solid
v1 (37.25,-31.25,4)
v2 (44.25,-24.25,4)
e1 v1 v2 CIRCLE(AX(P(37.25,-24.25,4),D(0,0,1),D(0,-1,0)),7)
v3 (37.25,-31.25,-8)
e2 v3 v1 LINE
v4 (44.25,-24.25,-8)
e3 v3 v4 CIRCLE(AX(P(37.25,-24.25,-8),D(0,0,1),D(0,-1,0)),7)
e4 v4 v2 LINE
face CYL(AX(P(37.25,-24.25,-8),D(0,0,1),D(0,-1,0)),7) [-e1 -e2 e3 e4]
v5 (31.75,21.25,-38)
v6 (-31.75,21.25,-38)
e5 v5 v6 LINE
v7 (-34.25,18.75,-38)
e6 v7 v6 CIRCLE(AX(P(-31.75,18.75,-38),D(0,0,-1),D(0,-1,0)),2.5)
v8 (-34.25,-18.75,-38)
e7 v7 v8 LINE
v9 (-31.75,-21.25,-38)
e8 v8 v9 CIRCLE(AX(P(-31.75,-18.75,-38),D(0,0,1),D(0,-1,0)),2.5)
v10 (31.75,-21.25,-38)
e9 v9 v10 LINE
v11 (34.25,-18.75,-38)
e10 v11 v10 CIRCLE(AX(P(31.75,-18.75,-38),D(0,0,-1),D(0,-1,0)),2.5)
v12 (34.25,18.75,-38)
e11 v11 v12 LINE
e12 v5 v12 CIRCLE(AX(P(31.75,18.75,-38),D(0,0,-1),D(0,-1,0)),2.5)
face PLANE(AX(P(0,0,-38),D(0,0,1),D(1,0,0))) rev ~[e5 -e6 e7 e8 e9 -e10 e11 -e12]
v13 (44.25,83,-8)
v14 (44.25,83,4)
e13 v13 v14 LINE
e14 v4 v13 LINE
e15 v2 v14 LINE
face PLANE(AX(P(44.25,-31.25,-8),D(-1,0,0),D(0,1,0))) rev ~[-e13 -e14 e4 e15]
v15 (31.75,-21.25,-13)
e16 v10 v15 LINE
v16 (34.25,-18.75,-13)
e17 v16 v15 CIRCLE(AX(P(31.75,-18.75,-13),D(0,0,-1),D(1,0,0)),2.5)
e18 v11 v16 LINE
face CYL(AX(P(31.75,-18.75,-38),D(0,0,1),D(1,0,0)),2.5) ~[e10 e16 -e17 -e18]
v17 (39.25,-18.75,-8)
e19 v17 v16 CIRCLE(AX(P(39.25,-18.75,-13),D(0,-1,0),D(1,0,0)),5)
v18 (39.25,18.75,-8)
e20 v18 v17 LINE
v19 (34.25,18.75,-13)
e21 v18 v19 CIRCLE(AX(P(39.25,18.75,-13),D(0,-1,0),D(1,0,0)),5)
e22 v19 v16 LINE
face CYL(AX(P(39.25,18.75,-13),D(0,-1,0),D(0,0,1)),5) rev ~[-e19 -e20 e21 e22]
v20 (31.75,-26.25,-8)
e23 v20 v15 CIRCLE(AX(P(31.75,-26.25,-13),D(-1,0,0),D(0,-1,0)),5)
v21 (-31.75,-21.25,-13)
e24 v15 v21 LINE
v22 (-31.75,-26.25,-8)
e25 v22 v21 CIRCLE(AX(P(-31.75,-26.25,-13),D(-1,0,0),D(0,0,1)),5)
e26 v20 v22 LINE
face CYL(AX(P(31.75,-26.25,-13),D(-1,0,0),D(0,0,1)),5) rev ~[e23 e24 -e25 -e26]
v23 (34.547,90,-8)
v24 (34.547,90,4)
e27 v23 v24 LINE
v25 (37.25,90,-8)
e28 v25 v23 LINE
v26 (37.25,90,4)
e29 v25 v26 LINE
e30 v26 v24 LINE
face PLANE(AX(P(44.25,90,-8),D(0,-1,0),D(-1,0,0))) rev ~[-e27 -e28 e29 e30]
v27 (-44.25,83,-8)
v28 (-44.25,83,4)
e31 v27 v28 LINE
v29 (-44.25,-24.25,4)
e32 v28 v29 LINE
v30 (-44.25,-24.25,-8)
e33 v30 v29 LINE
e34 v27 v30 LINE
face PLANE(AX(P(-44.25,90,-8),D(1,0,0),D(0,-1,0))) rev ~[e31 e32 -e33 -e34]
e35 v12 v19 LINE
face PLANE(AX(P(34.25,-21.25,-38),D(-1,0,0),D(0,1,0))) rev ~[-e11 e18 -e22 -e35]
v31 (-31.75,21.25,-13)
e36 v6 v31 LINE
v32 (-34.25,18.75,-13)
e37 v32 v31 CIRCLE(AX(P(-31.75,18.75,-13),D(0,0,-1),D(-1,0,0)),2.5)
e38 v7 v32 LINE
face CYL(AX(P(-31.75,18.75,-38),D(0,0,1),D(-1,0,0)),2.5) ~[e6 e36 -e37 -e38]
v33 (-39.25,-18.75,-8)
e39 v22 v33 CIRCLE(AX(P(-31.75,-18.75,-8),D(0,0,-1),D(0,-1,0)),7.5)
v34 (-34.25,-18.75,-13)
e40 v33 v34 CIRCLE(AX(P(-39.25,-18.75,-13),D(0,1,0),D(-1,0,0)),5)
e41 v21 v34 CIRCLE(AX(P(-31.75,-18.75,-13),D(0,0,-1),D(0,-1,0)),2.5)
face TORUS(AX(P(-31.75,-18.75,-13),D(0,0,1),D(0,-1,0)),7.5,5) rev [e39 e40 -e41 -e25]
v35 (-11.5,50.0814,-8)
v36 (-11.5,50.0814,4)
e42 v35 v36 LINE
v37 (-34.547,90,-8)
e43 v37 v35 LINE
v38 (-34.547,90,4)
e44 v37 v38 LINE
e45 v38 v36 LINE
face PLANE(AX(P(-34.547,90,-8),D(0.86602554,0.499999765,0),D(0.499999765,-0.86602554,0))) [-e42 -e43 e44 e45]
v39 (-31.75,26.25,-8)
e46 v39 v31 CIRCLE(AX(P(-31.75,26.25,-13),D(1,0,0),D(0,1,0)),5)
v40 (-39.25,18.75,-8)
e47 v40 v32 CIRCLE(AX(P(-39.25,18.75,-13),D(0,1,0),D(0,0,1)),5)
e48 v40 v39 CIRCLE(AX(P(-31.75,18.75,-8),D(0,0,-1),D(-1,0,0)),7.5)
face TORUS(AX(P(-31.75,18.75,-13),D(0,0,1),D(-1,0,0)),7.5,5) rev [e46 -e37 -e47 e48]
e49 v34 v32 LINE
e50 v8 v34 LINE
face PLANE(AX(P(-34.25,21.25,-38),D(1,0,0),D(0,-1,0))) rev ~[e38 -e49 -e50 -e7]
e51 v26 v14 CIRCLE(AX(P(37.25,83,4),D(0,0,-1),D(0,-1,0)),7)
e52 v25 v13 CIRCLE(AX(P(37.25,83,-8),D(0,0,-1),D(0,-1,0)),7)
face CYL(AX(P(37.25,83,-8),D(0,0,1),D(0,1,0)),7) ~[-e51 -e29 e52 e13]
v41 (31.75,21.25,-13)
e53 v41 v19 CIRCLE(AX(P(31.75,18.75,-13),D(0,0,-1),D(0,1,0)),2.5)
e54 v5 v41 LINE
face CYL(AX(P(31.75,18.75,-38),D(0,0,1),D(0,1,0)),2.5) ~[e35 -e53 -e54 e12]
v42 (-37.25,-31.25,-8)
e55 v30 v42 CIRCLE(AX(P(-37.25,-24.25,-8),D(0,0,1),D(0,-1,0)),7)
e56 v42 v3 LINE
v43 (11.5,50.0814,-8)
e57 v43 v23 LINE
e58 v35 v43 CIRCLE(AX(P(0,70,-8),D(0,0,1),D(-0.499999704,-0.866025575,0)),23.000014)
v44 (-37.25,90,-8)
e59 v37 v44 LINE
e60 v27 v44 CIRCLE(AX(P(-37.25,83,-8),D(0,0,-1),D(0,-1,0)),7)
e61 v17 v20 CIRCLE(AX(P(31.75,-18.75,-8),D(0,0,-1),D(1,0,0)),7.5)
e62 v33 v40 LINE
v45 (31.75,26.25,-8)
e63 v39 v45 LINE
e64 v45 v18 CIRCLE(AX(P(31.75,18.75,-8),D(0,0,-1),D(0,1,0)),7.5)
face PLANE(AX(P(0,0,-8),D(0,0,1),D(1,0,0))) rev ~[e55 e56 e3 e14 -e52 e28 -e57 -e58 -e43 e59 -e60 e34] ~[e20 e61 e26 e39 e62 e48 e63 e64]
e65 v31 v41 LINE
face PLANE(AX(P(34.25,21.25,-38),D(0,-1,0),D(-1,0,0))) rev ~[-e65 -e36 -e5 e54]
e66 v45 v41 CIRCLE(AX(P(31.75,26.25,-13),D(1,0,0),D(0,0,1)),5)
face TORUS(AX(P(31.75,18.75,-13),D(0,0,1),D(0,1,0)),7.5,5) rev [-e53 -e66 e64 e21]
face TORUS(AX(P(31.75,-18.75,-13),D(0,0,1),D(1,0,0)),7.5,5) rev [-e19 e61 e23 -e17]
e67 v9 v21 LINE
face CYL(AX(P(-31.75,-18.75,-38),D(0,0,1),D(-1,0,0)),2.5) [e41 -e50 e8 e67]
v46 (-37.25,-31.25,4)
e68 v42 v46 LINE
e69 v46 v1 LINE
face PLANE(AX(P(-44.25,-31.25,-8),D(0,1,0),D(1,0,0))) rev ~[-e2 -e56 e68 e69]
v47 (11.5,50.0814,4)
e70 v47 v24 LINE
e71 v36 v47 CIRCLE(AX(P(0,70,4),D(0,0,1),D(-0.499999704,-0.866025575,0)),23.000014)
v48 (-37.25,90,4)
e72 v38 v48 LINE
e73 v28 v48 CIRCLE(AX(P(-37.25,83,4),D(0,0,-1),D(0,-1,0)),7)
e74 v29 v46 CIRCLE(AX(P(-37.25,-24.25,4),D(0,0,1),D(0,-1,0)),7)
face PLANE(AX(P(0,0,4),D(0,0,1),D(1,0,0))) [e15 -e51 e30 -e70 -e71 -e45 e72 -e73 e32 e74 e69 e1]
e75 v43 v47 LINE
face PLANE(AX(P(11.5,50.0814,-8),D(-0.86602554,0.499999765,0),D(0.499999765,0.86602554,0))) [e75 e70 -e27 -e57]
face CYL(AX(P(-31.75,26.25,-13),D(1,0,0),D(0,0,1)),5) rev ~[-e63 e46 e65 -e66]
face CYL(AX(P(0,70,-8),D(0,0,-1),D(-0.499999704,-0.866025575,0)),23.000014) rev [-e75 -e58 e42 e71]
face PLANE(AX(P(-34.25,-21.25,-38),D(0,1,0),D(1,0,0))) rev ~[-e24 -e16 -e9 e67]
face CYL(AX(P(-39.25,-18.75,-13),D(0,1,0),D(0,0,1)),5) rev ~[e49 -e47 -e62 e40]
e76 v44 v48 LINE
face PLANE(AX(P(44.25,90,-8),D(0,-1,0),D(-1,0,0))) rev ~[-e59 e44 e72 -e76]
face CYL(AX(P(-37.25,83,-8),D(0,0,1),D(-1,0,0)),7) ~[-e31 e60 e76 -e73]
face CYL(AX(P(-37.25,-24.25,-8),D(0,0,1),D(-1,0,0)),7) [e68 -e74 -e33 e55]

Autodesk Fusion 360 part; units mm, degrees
ref_plane "WorkPlane3" through (0, 0, -38) normal (0, 0, 1) x (1, 0, 0)
sketch "Sketch6" plane through (0, 0, -38) normal (0, 0, 1) x (1, 0, 0)
  line L0 (-34.25, -21.25) -> (34.25, -21.25)
  line L1 (34.25, -21.25) -> (34.25, 21.25)
  line L2 (34.25, 21.25) -> (-34.25, 21.25)
  line L3 (-34.25, 21.25) -> (-34.25, -21.25)
extrude "Extrude6" add sketch "Sketch6" along normal blind 30
fillet "Fillet7" radius 2.5 4 edges at (-34.25, 21.25, -23) (34.25, 21.25, -23) (34.25, -21.25, -23) (-34.25, -21.25, -23)
ref_plane "WorkPlane4" through (0, 0, -8) normal (0, 0, 1) x (1, 0, 0)
sketch "Sketch7" plane through (0, 0, -8) normal (0, 0, 1) x (1, 0, 0)
  line L0 (-44.25, -31.25) -> (44.25, -31.25)
  line L1 (44.25, -31.25) -> (44.25, 90)
  line L2 (44.25, 90) -> (-44.25, 90)
  line L3 (-44.25, 90) -> (-44.25, -31.25)
extrude "Extrude7" add sketch "Sketch7" along normal blind 12
fillet "Fillet8" radius 7 4 edges at (-44.25, 90, -2) (44.25, 90, -2) (44.25, -31.25, -2) (-44.25, -31.25, -2)
sketch "Sketch8" plane through (0, 0, -8) normal (0, 0, 1) x (1, 0, 0)
  line L0 (-34.547, 90) -> (-11.5, 50.0814)
  arc A0 (-11.5, 50.0814) -> (11.5, 50.0814) centre (0, 70) ccw
  line L1 (11.5, 50.0814) -> (34.547, 90)
  line L2 (34.547, 90) -> (34.547, 95)
  line L3 (34.547, 95) -> (-34.547, 95)
  line L4 (-34.547, 95) -> (-34.547, 90)
extrude "Extrude8" cut sketch "Sketch8" along normal blind 12
fillet "Fillet9" radius 5 64 edges at (33.5178, -20.5178, -8) (0, -21.25, -8) (-33.5178, -20.5178, -8) (-34.25, 0, -8) (-33.5178, 20.5178, -8) (0, 21.25, -8) (33.5178, 20.5178, -8) (34.25, 0, -8) (34.25, 0, -8) (33.5178, 20.5178, -8) (0, 21.25, -8) (-33.5178, 20.5178, -8) (-34.25, 0, -8) (-33.5178, -20.5178, -8) (0, -21.25, -8) (33.5178, -20.5178, -8) (33.5178, 20.5178, -8) (34.25, 0, -8) (33.5178, -20.5178, -8) (0, -21.25, -8) (-33.5178, -20.5178, -8) (-34.25, 0, -8) (-33.5178, 20.5178, -8) (0, 21.25, -8) (0, 21.25, -8) (-33.5178, 20.5178, -8) (-34.25, 0, -8) (-33.5178, -20.5178, -8) (0, -21.25, -8) (33.5178, -20.5178, -8) (34.25, 0, -8) (33.5178, 20.5178, -8) (-33.5178, 20.5178, -8) (0, 21.25, -8) (33.5178, 20.5178, -8) (34.25, 0, -8) (33.5178, -20.5178, -8) (0, -21.25, -8) (-33.5178, -20.5178, -8) (-34.25, 0, -8) (-34.25, 0, -8) (-33.5178, -20.5178, -8) (0, -21.25, -8) (33.5178, -20.5178, -8) (34.25, 0, -8) (33.5178, 20.5178, -8) (0, 21.25, -8) (-33.5178, 20.5178, -8) (-33.5178, -20.5178, -8) (-34.25, 0, -8) (-33.5178, 20.5178, -8) (0, 21.25, -8) (33.5178, 20.5178, -8) (34.25, 0, -8) (33.5178, -20.5178, -8) (0, -21.25, -8) (0, -21.25, -8) (33.5178, -20.5178, -8) (34.25, 0, -8) (33.5178, 20.5178, -8) (0, 21.25, -8) (-33.5178, 20.5178, -8) (-34.25, 0, -8) (-33.5178, -20.5178, -8)
